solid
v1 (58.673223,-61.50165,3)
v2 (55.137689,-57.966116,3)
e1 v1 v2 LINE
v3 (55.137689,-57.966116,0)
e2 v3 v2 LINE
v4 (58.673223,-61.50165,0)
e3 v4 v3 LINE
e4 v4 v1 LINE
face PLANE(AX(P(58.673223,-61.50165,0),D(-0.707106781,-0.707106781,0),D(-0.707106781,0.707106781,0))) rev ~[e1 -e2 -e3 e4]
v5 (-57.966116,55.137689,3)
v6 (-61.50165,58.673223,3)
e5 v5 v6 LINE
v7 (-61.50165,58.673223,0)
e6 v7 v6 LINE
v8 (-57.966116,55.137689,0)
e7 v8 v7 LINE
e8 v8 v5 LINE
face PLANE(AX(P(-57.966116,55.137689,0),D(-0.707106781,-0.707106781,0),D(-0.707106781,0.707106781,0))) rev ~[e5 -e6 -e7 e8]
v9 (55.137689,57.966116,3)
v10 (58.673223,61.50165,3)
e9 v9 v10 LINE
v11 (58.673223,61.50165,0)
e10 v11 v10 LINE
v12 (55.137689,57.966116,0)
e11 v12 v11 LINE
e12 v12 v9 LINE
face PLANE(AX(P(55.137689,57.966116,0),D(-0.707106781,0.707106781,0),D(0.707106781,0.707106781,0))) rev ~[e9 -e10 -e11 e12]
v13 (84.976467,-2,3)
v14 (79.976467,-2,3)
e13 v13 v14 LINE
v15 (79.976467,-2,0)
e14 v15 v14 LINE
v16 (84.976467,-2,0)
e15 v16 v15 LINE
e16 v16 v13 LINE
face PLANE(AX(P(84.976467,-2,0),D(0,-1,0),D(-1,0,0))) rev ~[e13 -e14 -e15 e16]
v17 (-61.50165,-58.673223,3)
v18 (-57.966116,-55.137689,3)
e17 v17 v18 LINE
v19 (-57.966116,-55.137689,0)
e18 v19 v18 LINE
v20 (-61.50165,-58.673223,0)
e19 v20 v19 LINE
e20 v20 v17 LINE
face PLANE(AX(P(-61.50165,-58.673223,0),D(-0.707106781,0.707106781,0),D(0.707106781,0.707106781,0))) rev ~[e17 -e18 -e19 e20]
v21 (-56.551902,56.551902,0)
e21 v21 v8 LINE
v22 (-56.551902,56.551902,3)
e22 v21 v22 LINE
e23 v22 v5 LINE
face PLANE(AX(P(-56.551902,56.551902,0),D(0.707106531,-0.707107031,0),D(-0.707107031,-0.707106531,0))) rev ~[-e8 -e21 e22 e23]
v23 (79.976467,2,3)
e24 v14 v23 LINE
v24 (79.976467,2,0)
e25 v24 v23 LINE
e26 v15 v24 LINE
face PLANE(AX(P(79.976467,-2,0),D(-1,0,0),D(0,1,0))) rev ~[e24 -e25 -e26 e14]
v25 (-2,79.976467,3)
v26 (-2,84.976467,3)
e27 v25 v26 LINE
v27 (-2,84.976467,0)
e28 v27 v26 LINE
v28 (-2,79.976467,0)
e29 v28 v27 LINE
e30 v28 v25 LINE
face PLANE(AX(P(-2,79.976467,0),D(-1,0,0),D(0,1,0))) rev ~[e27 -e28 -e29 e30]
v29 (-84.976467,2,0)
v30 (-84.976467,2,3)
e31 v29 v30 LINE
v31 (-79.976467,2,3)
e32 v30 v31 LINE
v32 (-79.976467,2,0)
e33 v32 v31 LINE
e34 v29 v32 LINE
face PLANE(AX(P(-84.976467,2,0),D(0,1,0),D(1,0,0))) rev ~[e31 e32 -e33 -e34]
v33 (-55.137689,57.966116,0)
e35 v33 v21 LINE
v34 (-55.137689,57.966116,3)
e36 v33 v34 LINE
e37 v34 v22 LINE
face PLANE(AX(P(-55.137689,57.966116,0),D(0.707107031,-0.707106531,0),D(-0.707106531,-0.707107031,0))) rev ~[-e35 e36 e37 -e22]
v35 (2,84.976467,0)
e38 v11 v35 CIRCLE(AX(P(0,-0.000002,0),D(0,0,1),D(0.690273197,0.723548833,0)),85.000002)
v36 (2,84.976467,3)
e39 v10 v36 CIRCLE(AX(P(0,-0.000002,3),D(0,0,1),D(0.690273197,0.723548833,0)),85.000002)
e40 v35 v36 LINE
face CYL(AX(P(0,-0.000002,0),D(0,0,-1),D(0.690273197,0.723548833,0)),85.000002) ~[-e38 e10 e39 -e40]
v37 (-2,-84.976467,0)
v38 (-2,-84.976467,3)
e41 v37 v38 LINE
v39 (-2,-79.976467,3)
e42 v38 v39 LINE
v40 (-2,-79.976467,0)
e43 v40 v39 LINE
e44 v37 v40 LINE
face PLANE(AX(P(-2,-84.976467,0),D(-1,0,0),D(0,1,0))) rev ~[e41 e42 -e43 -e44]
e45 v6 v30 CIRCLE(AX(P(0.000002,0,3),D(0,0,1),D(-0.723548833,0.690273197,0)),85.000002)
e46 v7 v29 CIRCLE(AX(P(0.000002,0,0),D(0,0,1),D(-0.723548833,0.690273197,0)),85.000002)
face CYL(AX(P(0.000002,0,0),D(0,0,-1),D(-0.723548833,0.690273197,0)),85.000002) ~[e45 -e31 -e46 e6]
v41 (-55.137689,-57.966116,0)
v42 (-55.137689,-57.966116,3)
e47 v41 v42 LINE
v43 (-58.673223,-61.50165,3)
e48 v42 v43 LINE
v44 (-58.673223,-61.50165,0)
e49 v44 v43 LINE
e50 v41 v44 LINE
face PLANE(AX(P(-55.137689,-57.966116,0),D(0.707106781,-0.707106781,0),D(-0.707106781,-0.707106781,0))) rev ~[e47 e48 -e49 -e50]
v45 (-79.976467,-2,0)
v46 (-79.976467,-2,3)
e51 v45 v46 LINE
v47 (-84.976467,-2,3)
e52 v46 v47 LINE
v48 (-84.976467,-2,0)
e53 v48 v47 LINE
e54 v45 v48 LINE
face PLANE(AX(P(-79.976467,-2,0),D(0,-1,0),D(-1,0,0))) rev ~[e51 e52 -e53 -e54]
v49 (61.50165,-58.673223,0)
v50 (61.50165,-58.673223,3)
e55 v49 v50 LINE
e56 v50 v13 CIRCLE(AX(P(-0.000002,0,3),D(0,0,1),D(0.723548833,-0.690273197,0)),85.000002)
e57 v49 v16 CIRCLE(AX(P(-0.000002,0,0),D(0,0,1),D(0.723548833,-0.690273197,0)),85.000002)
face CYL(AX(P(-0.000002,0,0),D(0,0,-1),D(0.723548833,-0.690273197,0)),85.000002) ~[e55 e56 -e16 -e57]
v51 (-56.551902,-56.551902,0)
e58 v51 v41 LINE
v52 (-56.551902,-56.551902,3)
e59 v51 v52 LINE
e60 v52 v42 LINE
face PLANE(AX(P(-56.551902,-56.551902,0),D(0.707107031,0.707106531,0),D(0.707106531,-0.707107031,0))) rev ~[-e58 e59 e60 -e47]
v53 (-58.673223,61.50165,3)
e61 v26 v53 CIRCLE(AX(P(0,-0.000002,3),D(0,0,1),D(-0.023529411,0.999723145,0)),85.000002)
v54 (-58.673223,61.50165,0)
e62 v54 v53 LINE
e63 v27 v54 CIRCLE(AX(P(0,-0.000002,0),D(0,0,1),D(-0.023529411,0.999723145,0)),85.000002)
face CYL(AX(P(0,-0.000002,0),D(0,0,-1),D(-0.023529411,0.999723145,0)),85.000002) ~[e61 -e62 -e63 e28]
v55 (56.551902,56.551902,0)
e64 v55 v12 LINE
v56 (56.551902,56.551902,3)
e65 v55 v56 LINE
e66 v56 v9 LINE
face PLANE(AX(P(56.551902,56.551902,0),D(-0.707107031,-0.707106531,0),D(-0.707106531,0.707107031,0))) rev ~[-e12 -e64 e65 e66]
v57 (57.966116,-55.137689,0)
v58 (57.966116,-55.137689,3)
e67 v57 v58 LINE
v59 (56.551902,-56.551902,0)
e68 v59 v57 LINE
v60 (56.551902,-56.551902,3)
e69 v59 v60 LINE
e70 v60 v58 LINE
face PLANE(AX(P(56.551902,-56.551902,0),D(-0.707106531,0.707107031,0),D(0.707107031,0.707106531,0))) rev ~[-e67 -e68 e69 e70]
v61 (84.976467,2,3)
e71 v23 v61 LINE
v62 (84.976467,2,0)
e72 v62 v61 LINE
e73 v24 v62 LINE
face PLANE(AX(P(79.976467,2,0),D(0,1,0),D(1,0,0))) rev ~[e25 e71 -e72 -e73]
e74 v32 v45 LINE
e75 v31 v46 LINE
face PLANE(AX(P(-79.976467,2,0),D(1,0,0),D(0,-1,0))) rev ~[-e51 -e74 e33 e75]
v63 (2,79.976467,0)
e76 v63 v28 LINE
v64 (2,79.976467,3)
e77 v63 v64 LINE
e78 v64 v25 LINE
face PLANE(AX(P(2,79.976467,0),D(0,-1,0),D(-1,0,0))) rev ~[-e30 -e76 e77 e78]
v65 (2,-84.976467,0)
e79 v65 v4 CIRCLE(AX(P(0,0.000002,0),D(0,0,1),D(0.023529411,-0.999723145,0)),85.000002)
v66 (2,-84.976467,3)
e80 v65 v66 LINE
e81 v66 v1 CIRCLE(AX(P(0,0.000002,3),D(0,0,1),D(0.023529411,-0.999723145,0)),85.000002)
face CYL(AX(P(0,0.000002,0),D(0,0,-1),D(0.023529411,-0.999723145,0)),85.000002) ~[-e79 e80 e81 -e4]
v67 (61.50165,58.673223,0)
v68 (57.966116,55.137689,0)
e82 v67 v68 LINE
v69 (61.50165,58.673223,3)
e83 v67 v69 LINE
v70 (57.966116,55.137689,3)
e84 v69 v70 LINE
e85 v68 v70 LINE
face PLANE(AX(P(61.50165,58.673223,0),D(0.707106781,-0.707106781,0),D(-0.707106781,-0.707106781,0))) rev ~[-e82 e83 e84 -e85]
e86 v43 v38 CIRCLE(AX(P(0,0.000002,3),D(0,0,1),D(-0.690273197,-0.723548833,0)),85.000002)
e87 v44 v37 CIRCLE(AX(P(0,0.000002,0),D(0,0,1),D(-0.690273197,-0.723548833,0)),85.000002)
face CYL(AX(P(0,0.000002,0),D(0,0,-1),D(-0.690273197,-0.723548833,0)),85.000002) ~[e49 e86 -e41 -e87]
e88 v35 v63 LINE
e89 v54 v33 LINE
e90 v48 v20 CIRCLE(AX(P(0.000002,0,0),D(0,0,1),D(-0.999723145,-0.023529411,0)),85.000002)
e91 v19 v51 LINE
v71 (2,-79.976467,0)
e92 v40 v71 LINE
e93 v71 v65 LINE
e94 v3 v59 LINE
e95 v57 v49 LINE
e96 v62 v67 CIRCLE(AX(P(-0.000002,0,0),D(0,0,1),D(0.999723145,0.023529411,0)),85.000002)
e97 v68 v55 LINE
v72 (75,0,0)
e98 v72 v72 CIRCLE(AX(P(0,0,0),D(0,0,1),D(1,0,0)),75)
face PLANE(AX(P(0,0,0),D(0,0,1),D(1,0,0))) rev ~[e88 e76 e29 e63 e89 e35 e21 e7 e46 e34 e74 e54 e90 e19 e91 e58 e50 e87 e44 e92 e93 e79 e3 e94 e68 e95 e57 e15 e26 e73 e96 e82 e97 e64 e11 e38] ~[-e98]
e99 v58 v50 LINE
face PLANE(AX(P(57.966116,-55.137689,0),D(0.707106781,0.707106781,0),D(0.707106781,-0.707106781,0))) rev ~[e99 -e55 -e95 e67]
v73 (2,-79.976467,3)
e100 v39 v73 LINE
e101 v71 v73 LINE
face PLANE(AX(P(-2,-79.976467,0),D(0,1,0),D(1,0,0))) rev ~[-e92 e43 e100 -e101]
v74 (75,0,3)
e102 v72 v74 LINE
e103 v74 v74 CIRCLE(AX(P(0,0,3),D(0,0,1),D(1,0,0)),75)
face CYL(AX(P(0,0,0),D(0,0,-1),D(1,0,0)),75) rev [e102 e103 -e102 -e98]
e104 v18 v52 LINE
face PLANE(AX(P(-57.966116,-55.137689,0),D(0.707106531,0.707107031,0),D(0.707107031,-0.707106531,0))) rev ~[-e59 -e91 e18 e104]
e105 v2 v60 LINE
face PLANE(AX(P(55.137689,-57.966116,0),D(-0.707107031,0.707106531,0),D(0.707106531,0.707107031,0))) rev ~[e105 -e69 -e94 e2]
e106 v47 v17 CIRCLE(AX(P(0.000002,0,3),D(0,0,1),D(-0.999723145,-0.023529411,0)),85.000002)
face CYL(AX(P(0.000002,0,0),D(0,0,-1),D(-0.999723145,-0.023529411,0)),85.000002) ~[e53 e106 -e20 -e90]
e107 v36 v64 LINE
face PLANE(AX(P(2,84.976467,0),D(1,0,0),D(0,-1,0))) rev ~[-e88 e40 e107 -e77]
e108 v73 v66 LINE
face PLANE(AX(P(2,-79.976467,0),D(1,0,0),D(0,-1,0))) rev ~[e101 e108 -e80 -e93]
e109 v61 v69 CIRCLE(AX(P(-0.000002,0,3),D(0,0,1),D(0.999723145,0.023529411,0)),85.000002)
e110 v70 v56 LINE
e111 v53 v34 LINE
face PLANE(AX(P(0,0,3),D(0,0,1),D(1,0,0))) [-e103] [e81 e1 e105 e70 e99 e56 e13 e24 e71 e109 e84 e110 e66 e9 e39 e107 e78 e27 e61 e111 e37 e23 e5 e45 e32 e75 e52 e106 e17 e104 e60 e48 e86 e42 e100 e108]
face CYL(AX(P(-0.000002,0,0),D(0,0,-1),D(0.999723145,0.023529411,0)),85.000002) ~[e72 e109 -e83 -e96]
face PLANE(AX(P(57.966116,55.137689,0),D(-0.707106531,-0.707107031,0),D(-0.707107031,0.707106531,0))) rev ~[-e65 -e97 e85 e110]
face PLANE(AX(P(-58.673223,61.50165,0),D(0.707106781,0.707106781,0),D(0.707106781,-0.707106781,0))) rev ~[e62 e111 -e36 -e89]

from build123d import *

# Parameters (mm, degrees)
F0_R     = 75
F1_DEPTH = 3


with BuildPart() as f1:
    # F0 (on Top) → F1 (new body)
    with BuildSketch(Plane.XY):
        with BuildLine():
            Line((79.976467, 2), (84.976467, 2))
            ThreePointArc((84.976467, 2), (78.52976, 32.528092), (61.50165, 58.673223))
            Line((61.50165, 58.673223), (57.966116, 55.137689))
            Line((57.966116, 55.137689), (56.551902, 56.551902))
            Line((56.551902, 56.551902), (55.137689, 57.966116))
            Line((55.137689, 57.966116), (58.673223, 61.50165))
            ThreePointArc((58.673223, 61.50165), (32.528092, 78.52976), (2, 84.976467))
            Line((2, 84.976467), (2, 79.976467))
            Line((2, 79.976467), (0, 79.976467))
            Line((0, 79.976467), (-2, 79.976467))
            Line((-2, 79.976467), (-2, 84.976467))
            ThreePointArc((-2, 84.976467), (-32.528092, 78.52976), (-58.673223, 61.50165))
            Line((-58.673223, 61.50165), (-55.137689, 57.966116))
            Line((-55.137689, 57.966116), (-56.551902, 56.551902))
            Line((-56.551902, 56.551902), (-57.966116, 55.137689))
            Line((-57.966116, 55.137689), (-61.50165, 58.673223))
            ThreePointArc((-61.50165, 58.673223), (-78.52976, 32.528092), (-84.976467, 2))
            Line((-84.976467, 2), (-79.976467, 2))
            Line((-79.976467, 2), (-79.976467, 0))
            Line((-79.976467, 0), (-79.976467, -2))
            Line((-79.976467, -2), (-84.976467, -2))
            ThreePointArc((-84.976467, -2), (-78.52976, -32.528092), (-61.50165, -58.673223))
            Line((-61.50165, -58.673223), (-57.966116, -55.137689))
            Line((-57.966116, -55.137689), (-56.551902, -56.551902))
            Line((-56.551902, -56.551902), (-55.137689, -57.966116))
            Line((-55.137689, -57.966116), (-58.673223, -61.50165))
            ThreePointArc((-58.673223, -61.50165), (-32.528092, -78.52976), (-2, -84.976467))
            Line((-2, -84.976467), (-2, -79.976467))
            Line((-2, -79.976467), (0, -79.976467))
            Line((0, -79.976467), (2, -79.976467))
            Line((2, -79.976467), (2, -84.976467))
            ThreePointArc((2, -84.976467), (32.528092, -78.52976), (58.673223, -61.50165))
            Line((58.673223, -61.50165), (55.137689, -57.966116))
            Line((55.137689, -57.966116), (56.551902, -56.551902))
            Line((56.551902, -56.551902), (57.966116, -55.137689))
            Line((57.966116, -55.137689), (61.50165, -58.673223))
            ThreePointArc((61.50165, -58.673223), (78.52976, -32.528092), (84.976467, -2))
            Line((84.976467, -2), (79.976467, -2))
            Line((79.976467, -2), (79.976467, 0))
            Line((79.976467, 0), (79.976467, 2))
        make_face()
        Circle(F0_R, mode=Mode.SUBTRACT)
    extrude(amount=F1_DEPTH)


solid = f1.part
